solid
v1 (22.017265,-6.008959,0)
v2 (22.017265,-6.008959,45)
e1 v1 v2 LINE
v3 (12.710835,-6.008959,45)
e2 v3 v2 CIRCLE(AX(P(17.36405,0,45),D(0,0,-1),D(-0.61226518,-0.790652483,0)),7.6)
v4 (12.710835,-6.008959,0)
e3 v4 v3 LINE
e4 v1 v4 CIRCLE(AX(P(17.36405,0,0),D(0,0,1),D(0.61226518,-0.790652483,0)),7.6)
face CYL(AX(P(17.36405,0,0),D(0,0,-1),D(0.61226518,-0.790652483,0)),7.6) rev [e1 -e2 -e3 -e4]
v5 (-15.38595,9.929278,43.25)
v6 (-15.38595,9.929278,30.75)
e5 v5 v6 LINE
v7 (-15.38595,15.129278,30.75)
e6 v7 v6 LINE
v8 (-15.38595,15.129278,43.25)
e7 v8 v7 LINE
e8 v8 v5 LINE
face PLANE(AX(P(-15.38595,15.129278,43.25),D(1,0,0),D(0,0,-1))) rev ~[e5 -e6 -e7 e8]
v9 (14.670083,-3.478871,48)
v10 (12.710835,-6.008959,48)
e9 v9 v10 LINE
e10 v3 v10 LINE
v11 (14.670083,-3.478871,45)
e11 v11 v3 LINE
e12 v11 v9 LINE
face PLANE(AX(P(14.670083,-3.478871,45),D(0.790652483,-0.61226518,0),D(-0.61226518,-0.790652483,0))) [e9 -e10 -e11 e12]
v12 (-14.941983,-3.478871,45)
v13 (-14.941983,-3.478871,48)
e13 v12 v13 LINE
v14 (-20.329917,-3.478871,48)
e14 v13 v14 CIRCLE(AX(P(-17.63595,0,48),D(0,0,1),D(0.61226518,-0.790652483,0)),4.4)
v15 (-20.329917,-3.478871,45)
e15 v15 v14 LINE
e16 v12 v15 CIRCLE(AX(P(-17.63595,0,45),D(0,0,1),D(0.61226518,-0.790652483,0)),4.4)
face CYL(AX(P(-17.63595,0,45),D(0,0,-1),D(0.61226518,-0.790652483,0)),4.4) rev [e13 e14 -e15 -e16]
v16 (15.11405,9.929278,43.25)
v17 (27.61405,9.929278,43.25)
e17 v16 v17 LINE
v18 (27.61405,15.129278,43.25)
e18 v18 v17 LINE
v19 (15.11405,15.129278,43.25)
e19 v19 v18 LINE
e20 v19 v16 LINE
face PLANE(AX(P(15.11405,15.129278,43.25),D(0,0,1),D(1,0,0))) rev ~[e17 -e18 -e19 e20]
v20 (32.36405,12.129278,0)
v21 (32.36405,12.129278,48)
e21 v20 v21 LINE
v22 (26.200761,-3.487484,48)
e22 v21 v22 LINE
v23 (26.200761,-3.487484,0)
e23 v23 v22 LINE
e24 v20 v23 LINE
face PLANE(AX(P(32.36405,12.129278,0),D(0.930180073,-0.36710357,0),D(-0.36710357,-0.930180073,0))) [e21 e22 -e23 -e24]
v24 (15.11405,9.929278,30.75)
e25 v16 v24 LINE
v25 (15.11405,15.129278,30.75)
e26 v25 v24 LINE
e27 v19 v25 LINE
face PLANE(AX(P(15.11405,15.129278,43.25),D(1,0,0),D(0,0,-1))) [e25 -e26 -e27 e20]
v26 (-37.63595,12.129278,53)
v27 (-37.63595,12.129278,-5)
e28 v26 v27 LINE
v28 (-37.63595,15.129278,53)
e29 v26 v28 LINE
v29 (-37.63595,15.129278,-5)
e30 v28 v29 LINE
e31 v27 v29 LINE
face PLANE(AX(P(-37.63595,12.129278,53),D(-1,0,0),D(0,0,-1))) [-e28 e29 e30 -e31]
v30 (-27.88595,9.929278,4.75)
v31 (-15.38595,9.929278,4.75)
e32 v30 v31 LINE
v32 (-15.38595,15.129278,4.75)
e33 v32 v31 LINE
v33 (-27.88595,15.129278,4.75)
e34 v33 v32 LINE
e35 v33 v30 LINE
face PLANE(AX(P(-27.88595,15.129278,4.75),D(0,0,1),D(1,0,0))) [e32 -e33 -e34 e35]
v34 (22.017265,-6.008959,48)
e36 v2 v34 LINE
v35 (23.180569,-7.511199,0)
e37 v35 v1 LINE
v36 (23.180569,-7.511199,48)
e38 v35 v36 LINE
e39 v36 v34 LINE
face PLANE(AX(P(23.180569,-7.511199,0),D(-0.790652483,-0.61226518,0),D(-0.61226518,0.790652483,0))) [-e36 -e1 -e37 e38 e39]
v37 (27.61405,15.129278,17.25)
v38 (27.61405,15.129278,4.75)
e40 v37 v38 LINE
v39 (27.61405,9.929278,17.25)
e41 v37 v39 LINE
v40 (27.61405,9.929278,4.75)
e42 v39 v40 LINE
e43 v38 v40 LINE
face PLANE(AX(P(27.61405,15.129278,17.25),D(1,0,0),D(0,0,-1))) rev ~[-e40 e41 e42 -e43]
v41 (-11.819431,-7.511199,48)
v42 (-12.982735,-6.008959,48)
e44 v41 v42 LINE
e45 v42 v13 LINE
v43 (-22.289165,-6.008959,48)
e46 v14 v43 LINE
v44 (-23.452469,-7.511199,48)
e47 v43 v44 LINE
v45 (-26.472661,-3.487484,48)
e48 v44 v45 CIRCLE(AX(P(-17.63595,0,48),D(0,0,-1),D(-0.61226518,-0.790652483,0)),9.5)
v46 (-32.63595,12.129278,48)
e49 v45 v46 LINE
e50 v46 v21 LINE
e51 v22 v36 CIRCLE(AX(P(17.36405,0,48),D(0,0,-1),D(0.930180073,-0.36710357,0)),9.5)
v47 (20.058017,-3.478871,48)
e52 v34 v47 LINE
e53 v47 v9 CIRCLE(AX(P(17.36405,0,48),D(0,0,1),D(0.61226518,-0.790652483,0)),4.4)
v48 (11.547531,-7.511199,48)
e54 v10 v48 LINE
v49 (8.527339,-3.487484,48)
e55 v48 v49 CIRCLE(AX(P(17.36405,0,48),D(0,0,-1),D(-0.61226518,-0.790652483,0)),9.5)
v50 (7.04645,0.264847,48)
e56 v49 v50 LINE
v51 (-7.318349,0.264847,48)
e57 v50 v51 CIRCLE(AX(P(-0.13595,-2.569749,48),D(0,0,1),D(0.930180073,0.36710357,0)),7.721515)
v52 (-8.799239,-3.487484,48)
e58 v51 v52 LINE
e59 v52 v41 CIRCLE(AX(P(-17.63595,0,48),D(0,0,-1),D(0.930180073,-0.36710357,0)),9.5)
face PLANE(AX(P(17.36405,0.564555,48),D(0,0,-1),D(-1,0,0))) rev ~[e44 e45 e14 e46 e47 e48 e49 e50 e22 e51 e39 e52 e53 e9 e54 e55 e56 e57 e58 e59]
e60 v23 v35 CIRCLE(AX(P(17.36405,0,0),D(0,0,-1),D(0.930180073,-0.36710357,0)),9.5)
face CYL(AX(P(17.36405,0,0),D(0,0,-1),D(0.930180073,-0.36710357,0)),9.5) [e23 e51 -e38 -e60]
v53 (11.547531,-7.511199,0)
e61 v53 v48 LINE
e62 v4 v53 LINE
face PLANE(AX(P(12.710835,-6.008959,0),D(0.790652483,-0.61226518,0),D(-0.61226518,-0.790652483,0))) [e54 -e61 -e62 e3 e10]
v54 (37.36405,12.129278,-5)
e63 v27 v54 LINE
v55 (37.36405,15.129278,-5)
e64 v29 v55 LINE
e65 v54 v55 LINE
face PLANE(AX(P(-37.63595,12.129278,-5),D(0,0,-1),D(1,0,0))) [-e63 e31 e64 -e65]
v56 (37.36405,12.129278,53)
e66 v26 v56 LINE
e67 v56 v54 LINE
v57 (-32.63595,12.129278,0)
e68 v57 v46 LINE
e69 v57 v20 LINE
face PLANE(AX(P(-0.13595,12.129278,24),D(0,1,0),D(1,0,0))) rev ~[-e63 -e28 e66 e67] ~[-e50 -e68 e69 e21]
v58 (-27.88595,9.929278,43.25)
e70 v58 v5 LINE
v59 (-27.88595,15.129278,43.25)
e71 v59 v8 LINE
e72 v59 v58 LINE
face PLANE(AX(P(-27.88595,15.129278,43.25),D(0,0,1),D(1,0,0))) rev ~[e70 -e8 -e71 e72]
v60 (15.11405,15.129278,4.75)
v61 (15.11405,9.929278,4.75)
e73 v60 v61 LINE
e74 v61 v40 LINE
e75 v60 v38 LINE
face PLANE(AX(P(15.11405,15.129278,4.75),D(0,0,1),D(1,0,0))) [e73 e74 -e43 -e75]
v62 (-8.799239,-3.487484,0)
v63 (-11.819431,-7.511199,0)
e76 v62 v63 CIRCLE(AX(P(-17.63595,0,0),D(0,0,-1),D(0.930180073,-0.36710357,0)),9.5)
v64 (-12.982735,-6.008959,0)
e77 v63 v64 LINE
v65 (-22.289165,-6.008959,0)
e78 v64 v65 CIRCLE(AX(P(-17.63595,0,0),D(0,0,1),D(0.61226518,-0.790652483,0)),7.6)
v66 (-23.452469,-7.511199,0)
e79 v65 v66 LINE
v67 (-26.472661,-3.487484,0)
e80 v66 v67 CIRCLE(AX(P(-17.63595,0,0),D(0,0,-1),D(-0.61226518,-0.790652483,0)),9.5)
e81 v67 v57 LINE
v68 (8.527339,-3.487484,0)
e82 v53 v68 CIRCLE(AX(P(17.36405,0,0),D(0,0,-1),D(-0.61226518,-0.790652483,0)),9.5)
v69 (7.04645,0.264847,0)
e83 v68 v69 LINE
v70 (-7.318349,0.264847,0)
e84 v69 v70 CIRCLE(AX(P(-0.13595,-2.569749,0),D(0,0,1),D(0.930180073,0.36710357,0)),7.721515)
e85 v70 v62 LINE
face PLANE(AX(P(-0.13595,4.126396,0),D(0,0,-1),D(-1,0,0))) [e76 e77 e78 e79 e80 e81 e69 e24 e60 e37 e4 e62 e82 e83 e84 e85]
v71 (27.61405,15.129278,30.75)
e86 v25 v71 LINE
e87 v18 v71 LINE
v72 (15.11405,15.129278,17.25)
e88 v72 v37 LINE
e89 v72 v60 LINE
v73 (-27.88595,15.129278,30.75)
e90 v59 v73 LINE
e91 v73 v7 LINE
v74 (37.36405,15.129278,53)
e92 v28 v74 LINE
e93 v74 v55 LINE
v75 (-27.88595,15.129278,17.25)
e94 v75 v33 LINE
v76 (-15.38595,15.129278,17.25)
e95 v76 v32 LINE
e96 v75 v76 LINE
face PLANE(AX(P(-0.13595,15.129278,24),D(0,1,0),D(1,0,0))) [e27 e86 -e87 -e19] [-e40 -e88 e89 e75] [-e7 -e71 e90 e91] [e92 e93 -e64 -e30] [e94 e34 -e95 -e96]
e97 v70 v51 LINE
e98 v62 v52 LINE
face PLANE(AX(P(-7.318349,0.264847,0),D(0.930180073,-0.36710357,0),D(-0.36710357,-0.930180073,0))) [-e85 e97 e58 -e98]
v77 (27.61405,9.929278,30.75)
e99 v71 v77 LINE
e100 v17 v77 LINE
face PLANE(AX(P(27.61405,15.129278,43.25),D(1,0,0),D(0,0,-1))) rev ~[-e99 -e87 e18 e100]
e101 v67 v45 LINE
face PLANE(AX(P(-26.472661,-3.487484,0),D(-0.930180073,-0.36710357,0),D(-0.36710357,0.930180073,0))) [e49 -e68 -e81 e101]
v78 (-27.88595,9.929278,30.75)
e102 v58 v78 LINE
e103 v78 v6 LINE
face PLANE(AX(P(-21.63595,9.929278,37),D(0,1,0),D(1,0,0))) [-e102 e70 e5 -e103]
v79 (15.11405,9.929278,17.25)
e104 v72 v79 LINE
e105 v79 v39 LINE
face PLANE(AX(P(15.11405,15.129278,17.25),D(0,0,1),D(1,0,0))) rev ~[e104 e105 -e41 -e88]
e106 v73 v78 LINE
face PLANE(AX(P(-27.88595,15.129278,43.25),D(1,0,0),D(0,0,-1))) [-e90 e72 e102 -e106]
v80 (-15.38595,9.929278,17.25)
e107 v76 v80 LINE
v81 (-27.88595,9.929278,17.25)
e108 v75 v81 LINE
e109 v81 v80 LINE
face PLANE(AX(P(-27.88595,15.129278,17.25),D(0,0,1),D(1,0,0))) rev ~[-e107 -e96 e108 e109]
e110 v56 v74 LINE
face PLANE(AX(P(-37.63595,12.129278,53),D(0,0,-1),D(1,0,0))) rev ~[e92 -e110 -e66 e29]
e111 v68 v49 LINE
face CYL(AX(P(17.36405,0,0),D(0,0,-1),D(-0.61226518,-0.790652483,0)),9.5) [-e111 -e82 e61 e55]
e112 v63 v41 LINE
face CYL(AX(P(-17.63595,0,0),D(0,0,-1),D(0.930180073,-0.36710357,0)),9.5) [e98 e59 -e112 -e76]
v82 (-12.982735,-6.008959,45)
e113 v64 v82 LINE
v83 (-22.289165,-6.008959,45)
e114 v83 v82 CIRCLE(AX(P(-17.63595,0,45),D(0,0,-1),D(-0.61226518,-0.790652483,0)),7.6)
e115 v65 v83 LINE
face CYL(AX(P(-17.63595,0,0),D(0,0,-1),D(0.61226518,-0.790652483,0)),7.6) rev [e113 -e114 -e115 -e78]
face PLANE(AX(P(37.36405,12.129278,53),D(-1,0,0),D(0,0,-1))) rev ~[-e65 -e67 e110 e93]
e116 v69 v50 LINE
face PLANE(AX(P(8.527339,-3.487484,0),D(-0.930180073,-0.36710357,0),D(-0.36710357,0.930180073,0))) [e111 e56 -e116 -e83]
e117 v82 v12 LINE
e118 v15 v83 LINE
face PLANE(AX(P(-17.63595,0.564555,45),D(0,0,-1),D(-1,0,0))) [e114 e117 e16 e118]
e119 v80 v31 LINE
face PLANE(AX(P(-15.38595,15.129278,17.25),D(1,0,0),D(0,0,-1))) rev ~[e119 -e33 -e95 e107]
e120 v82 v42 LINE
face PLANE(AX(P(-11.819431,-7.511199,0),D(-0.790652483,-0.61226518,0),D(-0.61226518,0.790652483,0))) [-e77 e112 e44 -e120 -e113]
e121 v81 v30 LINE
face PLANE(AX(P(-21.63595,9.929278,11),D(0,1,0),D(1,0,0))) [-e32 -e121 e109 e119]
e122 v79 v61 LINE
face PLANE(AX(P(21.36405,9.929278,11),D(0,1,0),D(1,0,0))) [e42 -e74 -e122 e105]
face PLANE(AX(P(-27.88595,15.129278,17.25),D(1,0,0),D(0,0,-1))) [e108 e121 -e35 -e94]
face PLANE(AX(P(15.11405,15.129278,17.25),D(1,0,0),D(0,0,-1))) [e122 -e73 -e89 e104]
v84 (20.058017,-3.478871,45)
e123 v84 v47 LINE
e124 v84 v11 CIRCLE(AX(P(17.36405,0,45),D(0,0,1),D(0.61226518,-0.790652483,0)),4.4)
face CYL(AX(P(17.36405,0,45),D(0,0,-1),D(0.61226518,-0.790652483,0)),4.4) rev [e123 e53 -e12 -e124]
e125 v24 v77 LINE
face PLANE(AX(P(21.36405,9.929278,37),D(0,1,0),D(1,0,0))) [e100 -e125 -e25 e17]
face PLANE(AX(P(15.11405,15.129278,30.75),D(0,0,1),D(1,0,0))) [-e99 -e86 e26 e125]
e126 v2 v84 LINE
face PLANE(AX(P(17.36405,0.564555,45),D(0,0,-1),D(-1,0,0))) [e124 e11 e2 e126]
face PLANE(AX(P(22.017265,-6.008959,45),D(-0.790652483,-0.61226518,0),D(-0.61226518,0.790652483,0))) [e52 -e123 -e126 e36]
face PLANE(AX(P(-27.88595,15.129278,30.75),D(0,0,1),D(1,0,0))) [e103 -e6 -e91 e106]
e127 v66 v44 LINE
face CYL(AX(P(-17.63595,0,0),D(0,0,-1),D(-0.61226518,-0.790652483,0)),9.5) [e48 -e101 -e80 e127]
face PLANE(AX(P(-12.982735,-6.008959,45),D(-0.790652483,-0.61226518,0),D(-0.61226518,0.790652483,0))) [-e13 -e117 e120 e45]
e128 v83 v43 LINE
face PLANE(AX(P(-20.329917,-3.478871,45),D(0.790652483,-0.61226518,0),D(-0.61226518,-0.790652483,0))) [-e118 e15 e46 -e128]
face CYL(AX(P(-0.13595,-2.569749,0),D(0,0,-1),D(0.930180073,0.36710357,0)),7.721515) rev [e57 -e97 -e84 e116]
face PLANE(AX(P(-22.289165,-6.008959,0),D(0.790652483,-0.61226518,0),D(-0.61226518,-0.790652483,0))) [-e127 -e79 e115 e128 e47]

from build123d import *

# Parameters (mm, degrees)
BOSS_EXTRUDE1_DEPTH = 48
BOSS_EXTRUDE2_START = -3
BOSS_EXTRUDE2_DEPTH = 3
SKETCH3_W           = 75
SKETCH3_H           = 58
BOSS_EXTRUDE3_DEPTH = 3
SKETCH4_W           = 12.5
SKETCH4_H           = 12.5
CUT_EXTRUDE1_DEPTH  = 5.2


with BuildPart() as part:
    # Sketch1 → Boss-Extrude1 (new body)
    with BuildSketch(Plane.XY):
        with BuildLine():
            Line((-32.6359499, 12.129277561), (32.3640501, 12.129277561))
            Line((32.3640501, 12.129277561), (26.200760796, -3.487483918))
            ThreePointArc((26.200760796, -3.487483918), (24.961869302, -5.702906573), (23.180569313, -7.51119859))
            Line((23.180569313, -7.51119859), (22.01726547, -6.008958872))
            ThreePointArc((22.01726547, -6.008958872), (17.3640501, 7.6), (12.710834731, -6.008958872))
            Line((12.710834731, -6.008958872), (11.547530888, -7.51119859))
            ThreePointArc((11.547530888, -7.51119859), (9.766230899, -5.702906573), (8.527339405, -3.487483918))
            Line((8.527339405, -3.487483918), (7.046449616, 0.264847258))
            ThreePointArc((7.046449616, 0.264847258), (-0.1359499, 5.15176662), (-7.318349416, 0.264847258))
            Line((-7.318349416, 0.264847258), (-8.799239204, -3.487483918))
            ThreePointArc((-8.799239204, -3.487483918), (-10.038130698, -5.702906573), (-11.819430687, -7.51119859))
            Line((-11.819430687, -7.51119859), (-12.98273453, -6.008958872))
            ThreePointArc((-12.98273453, -6.008958872), (-17.6359499, 7.6), (-22.289165269, -6.008958872))
            Line((-22.289165269, -6.008958872), (-23.452469112, -7.51119859))
            ThreePointArc((-23.452469112, -7.51119859), (-25.233769101, -5.702906573), (-26.472660595, -3.487483918))
            Line((-26.472660595, -3.487483918), (-32.6359499, 12.129277561))
        make_face()
    extrude(amount=BOSS_EXTRUDE1_DEPTH)

    # Sketch2 → Boss-Extrude2 (add)
    with BuildSketch(Plane.XY.offset(48).offset(BOSS_EXTRUDE2_START)):
        with BuildLine():
            Line((22.01726547, -6.008958872), (20.058016894, -3.478870926))
            ThreePointArc((20.058016894, -3.478870926), (17.3640501, 4.4), (14.670083307, -3.478870926))
            Line((14.670083307, -3.478870926), (12.710834731, -6.008958872))
            ThreePointArc((12.710834731, -6.008958872), (17.3640501, 7.6), (22.01726547, -6.008958872))
        make_face()
        with BuildLine():
            Line((-12.98273453, -6.008958872), (-14.941983106, -3.478870926))
            ThreePointArc((-14.941983106, -3.478870926), (-17.6359499, 4.4), (-20.329916693, -3.478870926))
            Line((-20.329916693, -3.478870926), (-22.289165269, -6.008958872))
            ThreePointArc((-22.289165269, -6.008958872), (-17.6359499, 7.6), (-12.98273453, -6.008958872))
        make_face()
    extrude(amount=BOSS_EXTRUDE2_DEPTH)

    # Sketch3 → Boss-Extrude3 (add)
    with BuildSketch(Plane(origin=(0, 12.129277561, 0), x_dir=(1, 0, 0), z_dir=(0, 1, 0))):
        with Locations((-0.1359499, -24)):
            Rectangle(SKETCH3_W, SKETCH3_H)
    extrude(amount=BOSS_EXTRUDE3_DEPTH)

    # Sketch4 → Cut-Extrude1 (cut)
    with BuildSketch(Plane(origin=(0, 15.129277561, 0), x_dir=(1, 0, 0), z_dir=(0, 1, 0))):
        with Locations((21.3640501, -11)):
            Rectangle(SKETCH4_W, SKETCH4_H)
        with Locations((21.3640501, -37)):
            Rectangle(SKETCH4_W, SKETCH4_H)
        with Locations((-21.6359499, -37)):
            Rectangle(SKETCH4_W, SKETCH4_H)
        with Locations((-21.6359499, -11)):
            Rectangle(SKETCH4_W, SKETCH4_H)
    extrude(amount=-CUT_EXTRUDE1_DEPTH, mode=Mode.SUBTRACT)


solid = part.part
